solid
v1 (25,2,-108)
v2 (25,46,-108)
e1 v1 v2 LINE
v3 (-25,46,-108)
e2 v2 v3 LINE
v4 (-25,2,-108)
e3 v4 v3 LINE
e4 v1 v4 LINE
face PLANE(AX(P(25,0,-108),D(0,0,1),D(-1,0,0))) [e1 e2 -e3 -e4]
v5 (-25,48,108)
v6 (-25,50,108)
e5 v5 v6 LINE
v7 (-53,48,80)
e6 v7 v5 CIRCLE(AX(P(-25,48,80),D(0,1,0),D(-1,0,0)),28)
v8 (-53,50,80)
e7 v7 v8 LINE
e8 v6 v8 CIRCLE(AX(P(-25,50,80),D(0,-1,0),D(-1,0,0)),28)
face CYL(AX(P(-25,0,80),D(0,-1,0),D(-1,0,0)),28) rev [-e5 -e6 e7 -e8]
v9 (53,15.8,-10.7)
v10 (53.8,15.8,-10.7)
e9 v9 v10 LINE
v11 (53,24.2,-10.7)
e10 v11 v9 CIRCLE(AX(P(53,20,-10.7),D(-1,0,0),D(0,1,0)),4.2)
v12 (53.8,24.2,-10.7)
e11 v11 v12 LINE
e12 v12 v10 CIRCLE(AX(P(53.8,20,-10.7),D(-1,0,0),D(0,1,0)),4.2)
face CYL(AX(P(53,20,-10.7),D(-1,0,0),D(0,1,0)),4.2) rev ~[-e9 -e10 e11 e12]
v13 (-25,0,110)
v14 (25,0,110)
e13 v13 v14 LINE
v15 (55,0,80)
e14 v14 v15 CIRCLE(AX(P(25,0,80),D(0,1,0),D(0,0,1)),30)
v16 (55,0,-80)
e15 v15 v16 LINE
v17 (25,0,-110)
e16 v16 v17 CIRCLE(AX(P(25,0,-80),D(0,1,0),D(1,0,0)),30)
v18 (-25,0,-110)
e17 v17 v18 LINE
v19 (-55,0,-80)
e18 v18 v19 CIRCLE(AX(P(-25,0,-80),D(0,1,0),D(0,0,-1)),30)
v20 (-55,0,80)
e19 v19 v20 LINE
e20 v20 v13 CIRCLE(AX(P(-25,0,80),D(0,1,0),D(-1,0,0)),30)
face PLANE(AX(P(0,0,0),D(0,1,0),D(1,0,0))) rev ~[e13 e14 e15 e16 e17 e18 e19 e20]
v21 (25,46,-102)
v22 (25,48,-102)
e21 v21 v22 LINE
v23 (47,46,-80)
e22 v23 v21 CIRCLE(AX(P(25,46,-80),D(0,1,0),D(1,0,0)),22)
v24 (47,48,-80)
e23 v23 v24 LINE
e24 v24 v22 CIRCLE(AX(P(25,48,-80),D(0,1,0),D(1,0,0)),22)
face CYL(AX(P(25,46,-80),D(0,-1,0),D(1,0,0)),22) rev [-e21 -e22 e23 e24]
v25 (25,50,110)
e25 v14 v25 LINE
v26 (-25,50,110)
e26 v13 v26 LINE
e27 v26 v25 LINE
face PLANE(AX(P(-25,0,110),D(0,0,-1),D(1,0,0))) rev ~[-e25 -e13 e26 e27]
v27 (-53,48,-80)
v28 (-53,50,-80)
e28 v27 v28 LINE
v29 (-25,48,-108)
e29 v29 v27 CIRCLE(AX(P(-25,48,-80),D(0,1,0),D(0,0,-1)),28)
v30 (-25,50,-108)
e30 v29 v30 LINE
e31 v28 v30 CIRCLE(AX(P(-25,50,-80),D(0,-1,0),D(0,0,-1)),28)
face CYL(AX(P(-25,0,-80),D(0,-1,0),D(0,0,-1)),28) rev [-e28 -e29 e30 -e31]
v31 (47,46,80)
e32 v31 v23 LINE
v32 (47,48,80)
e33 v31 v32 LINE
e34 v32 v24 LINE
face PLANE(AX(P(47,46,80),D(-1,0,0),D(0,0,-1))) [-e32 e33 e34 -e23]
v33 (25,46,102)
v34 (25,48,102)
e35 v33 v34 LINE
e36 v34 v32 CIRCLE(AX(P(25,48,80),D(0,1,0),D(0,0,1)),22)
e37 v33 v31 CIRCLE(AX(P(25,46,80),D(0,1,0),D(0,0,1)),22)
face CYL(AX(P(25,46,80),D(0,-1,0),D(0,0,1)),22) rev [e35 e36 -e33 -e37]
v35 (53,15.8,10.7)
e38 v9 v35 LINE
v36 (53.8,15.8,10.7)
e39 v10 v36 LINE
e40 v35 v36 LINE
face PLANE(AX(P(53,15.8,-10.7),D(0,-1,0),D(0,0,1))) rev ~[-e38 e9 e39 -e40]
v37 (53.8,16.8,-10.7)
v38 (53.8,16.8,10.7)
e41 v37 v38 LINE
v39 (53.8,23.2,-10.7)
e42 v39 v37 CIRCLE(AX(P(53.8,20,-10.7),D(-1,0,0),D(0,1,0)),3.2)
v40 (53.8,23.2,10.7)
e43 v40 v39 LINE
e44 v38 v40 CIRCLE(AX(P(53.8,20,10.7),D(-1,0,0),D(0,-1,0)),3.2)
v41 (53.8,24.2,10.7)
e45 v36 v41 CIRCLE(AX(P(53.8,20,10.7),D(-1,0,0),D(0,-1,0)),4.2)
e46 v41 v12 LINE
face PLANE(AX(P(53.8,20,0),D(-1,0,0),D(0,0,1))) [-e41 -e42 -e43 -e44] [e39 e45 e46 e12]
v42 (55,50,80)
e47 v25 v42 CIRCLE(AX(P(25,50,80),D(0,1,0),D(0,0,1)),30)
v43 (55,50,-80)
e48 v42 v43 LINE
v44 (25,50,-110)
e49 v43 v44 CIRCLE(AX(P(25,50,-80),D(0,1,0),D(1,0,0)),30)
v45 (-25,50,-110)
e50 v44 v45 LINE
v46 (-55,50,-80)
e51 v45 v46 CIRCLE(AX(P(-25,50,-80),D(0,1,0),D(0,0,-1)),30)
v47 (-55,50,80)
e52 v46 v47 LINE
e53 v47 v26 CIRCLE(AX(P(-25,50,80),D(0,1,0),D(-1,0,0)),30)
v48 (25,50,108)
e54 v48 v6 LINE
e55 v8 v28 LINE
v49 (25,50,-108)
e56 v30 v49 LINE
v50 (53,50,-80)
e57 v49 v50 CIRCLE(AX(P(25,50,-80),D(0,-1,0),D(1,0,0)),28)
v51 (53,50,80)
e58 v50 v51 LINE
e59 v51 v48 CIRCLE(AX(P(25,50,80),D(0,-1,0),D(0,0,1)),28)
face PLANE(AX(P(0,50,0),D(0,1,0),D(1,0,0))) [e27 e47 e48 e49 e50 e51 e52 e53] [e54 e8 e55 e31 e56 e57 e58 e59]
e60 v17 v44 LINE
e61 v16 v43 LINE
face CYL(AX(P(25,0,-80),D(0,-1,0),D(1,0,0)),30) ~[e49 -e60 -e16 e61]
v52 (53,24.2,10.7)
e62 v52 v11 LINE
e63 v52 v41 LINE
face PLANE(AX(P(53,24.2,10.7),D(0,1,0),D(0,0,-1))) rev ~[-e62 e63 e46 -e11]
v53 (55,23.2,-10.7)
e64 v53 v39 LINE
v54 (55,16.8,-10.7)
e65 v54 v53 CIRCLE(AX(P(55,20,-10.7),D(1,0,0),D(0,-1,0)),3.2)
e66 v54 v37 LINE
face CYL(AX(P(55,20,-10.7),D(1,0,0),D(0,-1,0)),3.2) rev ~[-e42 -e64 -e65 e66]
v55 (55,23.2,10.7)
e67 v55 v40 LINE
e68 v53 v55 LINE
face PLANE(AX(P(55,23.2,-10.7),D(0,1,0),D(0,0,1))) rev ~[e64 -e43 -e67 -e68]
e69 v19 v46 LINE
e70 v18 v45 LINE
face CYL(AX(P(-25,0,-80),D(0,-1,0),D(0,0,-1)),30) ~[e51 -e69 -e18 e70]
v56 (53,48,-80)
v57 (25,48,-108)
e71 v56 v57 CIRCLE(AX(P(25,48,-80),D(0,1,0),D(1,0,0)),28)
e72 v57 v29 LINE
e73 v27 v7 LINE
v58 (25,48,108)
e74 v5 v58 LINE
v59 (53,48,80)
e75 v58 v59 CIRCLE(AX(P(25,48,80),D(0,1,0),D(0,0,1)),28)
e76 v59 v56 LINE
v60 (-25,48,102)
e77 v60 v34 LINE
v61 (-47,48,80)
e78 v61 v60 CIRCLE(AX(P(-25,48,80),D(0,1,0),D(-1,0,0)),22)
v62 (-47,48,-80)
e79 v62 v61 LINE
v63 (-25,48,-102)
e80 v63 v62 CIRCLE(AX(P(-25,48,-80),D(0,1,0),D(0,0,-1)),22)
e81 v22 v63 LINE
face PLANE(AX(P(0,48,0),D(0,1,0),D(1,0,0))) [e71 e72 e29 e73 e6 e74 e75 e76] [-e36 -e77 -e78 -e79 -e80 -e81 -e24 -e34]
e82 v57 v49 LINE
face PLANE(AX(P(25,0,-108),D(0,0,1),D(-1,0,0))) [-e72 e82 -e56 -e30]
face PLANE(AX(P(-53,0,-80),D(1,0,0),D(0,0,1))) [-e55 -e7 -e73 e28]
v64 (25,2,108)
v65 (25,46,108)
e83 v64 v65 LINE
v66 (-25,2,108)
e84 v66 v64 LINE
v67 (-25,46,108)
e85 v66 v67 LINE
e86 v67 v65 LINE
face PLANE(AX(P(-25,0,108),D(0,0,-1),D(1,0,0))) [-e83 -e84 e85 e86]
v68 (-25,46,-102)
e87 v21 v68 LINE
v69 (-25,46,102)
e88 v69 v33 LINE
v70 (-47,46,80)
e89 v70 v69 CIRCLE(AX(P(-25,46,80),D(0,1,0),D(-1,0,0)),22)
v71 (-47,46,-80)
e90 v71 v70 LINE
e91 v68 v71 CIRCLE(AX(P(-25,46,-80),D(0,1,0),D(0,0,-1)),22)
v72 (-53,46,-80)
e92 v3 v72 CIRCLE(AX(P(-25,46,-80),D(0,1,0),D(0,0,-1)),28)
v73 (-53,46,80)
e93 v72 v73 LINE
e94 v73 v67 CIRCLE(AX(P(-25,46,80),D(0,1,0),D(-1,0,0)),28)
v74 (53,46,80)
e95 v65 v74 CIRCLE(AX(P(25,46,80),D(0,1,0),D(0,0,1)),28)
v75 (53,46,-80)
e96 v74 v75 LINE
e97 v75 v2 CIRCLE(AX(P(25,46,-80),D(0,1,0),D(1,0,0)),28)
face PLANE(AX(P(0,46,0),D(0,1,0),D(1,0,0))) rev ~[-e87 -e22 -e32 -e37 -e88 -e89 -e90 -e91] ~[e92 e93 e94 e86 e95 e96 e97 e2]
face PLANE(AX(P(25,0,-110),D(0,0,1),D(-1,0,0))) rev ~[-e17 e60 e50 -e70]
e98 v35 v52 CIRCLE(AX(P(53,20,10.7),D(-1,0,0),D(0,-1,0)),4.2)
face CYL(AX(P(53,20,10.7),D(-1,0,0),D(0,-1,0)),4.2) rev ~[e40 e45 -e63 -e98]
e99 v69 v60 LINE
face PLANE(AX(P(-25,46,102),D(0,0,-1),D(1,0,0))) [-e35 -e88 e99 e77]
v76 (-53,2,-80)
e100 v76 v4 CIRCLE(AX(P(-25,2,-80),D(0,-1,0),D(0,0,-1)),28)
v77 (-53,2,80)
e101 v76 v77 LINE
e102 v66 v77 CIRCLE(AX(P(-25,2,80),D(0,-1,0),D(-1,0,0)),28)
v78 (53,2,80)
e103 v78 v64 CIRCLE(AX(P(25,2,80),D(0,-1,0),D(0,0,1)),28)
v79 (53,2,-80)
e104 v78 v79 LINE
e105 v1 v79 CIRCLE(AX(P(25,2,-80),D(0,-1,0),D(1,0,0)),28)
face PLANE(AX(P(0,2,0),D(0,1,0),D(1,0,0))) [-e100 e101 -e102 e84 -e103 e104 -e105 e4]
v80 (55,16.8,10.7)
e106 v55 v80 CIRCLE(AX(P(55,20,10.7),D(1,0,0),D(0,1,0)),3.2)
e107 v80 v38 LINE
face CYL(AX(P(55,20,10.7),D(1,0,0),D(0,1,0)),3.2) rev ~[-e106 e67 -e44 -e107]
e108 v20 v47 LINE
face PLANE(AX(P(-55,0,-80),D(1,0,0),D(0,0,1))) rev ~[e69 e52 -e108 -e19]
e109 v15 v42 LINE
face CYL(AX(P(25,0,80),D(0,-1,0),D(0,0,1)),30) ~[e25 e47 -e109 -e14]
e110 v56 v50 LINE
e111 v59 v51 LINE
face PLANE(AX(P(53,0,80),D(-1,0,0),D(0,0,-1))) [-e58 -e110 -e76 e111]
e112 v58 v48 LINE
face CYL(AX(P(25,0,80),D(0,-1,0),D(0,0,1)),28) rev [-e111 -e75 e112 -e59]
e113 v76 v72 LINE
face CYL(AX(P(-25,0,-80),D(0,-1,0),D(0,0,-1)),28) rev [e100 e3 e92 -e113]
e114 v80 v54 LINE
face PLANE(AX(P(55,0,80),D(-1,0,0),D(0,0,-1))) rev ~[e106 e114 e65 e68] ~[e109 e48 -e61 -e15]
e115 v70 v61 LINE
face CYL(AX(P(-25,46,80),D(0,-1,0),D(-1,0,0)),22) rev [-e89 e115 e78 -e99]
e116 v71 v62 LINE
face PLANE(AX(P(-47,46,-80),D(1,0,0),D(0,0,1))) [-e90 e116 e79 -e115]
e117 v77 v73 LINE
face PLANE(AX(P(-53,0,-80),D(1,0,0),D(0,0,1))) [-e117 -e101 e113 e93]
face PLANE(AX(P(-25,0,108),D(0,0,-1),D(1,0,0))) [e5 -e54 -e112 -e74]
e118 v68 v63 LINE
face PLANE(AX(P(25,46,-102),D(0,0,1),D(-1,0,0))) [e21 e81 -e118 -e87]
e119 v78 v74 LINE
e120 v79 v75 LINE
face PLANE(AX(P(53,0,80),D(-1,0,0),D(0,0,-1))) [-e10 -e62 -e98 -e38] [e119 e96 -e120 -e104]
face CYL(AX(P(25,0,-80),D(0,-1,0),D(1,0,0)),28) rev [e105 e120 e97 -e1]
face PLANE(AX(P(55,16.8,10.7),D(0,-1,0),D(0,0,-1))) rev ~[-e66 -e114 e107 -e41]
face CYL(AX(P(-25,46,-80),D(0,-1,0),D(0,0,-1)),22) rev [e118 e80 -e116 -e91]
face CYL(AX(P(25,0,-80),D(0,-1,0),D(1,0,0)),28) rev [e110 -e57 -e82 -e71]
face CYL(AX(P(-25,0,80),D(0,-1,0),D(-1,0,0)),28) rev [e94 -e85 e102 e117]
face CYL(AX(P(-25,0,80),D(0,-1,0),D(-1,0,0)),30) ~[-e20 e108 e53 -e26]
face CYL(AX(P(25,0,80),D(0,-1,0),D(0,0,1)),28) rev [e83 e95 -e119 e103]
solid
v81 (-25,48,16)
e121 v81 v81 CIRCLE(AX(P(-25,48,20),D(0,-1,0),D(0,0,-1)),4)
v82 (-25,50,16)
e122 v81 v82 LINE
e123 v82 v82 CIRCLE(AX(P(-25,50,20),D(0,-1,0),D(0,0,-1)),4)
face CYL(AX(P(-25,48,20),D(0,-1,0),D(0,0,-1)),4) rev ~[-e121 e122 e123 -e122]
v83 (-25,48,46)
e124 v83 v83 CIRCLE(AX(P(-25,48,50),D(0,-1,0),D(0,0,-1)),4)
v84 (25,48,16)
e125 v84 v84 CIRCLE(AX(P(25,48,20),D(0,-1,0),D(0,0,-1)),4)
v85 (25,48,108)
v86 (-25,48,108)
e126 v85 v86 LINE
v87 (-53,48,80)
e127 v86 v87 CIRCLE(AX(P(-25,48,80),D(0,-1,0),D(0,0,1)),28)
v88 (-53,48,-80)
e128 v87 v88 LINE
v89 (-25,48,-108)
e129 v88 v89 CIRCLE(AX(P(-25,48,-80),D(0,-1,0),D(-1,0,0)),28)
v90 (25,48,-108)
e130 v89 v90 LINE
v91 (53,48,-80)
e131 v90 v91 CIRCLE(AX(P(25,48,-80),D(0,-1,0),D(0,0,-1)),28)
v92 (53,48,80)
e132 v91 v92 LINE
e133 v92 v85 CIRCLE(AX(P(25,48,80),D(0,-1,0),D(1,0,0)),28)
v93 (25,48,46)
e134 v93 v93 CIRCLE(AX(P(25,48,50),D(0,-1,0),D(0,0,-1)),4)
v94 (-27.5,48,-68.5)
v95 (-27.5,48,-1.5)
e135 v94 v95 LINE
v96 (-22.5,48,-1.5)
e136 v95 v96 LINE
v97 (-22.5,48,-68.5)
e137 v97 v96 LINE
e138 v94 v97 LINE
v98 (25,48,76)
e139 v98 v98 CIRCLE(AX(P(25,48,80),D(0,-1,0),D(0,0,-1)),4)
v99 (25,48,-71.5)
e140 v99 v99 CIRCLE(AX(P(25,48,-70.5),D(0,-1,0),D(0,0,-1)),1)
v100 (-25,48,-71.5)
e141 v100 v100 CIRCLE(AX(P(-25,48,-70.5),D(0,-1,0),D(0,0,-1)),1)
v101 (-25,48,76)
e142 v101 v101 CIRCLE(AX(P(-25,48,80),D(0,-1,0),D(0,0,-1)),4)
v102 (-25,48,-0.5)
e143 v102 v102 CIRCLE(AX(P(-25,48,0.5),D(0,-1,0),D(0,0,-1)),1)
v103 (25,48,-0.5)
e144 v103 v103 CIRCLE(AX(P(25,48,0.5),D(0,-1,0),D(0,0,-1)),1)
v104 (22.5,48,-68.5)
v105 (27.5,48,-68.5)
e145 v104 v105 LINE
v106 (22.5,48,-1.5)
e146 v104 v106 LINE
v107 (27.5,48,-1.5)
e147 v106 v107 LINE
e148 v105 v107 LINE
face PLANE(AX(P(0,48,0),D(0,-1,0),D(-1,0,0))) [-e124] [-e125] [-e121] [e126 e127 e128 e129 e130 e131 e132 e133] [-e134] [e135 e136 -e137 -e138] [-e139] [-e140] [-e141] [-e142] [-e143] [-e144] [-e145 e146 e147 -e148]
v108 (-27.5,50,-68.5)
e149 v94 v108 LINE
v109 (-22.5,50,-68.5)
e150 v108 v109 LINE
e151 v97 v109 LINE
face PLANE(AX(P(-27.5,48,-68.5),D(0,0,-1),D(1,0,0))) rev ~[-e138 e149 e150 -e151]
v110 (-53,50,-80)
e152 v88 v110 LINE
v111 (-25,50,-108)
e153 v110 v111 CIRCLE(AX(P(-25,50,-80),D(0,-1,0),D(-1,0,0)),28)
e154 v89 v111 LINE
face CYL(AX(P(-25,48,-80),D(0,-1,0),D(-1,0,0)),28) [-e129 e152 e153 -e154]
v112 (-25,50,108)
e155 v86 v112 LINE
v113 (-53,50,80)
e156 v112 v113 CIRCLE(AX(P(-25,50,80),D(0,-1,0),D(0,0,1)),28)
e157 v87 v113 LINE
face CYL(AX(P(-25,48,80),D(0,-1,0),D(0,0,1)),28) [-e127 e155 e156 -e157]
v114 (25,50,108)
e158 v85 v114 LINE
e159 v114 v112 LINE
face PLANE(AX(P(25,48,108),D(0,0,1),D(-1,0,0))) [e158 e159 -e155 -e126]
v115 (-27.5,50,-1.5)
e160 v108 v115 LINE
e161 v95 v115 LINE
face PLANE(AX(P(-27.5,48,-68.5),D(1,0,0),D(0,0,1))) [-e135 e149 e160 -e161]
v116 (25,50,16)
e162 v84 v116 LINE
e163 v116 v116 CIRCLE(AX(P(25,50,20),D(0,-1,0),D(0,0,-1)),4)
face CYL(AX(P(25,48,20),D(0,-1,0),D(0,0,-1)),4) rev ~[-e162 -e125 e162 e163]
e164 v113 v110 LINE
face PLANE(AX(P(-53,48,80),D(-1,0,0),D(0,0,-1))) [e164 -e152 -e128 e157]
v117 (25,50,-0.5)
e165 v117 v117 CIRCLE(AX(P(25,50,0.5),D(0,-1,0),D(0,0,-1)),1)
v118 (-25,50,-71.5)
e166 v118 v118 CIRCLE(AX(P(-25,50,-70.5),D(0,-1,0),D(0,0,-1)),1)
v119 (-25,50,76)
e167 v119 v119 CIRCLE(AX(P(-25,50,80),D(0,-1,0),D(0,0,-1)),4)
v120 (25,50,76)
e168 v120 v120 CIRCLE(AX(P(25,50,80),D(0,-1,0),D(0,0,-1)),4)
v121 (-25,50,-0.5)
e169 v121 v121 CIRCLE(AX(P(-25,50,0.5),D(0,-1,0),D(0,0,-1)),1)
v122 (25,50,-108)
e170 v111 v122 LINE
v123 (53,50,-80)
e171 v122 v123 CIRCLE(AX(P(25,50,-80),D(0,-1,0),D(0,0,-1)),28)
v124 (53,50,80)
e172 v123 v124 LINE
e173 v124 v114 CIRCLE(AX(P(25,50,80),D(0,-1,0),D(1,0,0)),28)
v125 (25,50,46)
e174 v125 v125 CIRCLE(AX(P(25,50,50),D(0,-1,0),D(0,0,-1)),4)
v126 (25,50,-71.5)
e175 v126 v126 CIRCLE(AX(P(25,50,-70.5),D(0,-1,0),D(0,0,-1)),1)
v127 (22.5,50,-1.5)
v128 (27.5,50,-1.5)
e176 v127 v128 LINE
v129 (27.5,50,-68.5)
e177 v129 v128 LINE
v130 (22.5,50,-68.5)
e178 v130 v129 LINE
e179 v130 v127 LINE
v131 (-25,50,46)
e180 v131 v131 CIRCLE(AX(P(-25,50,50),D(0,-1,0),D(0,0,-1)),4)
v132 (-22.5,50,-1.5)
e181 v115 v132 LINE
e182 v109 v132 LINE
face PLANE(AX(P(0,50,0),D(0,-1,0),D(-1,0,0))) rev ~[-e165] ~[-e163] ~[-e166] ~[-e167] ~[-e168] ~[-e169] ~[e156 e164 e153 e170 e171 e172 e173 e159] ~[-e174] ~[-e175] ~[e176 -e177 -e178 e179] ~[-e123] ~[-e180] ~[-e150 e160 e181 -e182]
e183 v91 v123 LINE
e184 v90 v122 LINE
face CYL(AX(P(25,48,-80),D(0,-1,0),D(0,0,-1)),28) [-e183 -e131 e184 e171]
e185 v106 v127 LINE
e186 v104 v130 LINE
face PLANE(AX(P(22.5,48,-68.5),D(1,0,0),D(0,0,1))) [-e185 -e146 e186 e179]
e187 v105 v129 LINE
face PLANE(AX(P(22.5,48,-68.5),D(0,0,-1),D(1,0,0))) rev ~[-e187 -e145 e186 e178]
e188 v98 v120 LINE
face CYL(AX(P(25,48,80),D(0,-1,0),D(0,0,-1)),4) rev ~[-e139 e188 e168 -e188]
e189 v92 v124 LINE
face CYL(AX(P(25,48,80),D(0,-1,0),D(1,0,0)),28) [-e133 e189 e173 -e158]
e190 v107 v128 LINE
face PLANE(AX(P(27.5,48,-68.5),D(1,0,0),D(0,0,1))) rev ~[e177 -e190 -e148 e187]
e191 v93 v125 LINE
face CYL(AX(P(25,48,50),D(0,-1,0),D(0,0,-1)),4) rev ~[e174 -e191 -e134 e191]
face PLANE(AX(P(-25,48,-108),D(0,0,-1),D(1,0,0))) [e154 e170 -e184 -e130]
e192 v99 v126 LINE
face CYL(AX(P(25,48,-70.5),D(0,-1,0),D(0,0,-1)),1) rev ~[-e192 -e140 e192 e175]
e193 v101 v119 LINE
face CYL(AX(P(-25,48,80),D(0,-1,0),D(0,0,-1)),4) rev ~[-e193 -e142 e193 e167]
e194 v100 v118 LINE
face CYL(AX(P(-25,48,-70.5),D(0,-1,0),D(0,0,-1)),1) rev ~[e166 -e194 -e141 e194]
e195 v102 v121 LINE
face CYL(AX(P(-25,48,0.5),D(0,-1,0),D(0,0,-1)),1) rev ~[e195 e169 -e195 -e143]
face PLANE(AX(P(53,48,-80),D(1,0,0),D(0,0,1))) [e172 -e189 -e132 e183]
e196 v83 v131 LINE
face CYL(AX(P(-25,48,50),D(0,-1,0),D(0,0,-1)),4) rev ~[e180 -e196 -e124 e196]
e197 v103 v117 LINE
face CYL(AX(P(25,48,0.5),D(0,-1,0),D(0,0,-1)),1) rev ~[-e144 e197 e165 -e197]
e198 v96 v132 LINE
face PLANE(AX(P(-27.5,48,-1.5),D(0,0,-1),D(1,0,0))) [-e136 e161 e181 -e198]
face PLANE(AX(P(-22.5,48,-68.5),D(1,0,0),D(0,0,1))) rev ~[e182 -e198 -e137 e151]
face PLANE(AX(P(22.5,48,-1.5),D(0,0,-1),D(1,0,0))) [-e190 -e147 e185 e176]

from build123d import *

# Parameters (mm, degrees)
BOSS_EXTRUDE1_DEPTH = 50
SHELL1_T            = -2
BOSS_EXTRUDE2_START = 44
BOSS_EXTRUDE2_DEPTH = 2
BOSS_EXTRUDE3_START = 48
BOSS_EXTRUDE3_DEPTH = 2
SKETCH3_R           = 4
SKETCH3_R_2         = 1
SKETCH3_W           = 5
SKETCH3_H           = 67
CUT_EXTRUDE1_DEPTH  = 2
CUT_EXTRUDE2_DEPTH  = 2
CUT_EXTRUDE3_START  = -2
CUT_EXTRUDE3_DEPTH  = 0.8


with BuildPart() as part:
    # Sketch1 → Boss-Extrude1 (new body)
    with BuildSketch(Plane(origin=(0, 0, 0), x_dir=(1, 0, 0), z_dir=(0, 1, 0))):
        with BuildLine():
            Line((-25, -110), (25, -110))
            ThreePointArc((25, -110), (46.213203436, -101.213203436), (55, -80))
            Line((55, -80), (55, 80))
            ThreePointArc((55, 80), (46.213203436, 101.213203436), (25, 110))
            Line((25, 110), (-25, 110))
            ThreePointArc((-25, 110), (-46.213203436, 101.213203436), (-55, 80))
            Line((-55, 80), (-55, -80))
            ThreePointArc((-55, -80), (-46.213203436, -101.213203436), (-25, -110))
        make_face()
    extrude(amount=BOSS_EXTRUDE1_DEPTH)

    # Shell1
    shell1_openings = [part.faces().sort_by_distance(p)[0] for p in [
        (0, 50, 0),
    ]]
    offset(amount=SHELL1_T, openings=shell1_openings, kind=Kind.INTERSECTION)

    # Sketch2 → Boss-Extrude2 (add)
    with BuildSketch(Plane(origin=(0, 2, 0), x_dir=(1, 0, 0), z_dir=(0, 1, 0)).offset(BOSS_EXTRUDE2_START)):
        with BuildLine():
            Line((-53, 80), (-53, -80))
            ThreePointArc((-53, -80), (-44.798989873, -99.798989873), (-25, -108))
            Line((-25, -108), (25, -108))
            ThreePointArc((25, -108), (44.798989873, -99.798989873), (53, -80))
            Line((53, -80), (53, 80))
            ThreePointArc((53, 80), (44.798989873, 99.798989873), (25, 108))
            Line((25, 108), (-25, 108))
            ThreePointArc((-25, 108), (-44.798989873, 99.798989873), (-53, 80))
        make_face()
        with BuildLine():
            ThreePointArc((-25, 102), (-40.556349186, 95.556349186), (-47, 80))
            Line((-47, 80), (-47, -80))
            ThreePointArc((-47, -80), (-40.556349186, -95.556349186), (-25, -102))
            Line((-25, -102), (25, -102))
            ThreePointArc((25, -102), (40.556349186, -95.556349186), (47, -80))
            Line((47, -80), (47, 80))
            ThreePointArc((47, 80), (40.556349186, 95.556349186), (25, 102))
            Line((25, 102), (-25, 102))
        make_face(mode=Mode.SUBTRACT)
    extrude(amount=BOSS_EXTRUDE2_DEPTH)

    # Sketch4 → Cut-Extrude2 (cut)
    with BuildSketch(Plane(origin=(55, 0, 0), x_dir=(0, 0, -1), z_dir=(1, 0, 0))):
        with BuildLine():
            Line((-10.7, 16.8), (10.7, 16.8))
            ThreePointArc((10.7, 16.8), (13.9, 20), (10.7, 23.2))
            Line((10.7, 23.2), (-10.7, 23.2))
            ThreePointArc((-10.7, 23.2), (-13.9, 20), (-10.7, 16.8))
        make_face()
    extrude(amount=-CUT_EXTRUDE2_DEPTH, mode=Mode.SUBTRACT)

    # Sketch4<4> → Cut-Extrude3 (cut)
    with BuildSketch(Plane(origin=(55, 0, 0), x_dir=(0, 0, -1), z_dir=(1, 0, 0)).offset(CUT_EXTRUDE3_START)):
        with BuildLine():
            Line((-10.7, 24.2), (10.7, 24.2))
            ThreePointArc((10.7, 24.2), (14.9, 20), (10.7, 15.8))
            Line((10.7, 15.8), (-10.7, 15.8))
            ThreePointArc((-10.7, 15.8), (-14.9, 20), (-10.7, 24.2))
        make_face()
        with BuildLine():
            Line((-10.7, 23.2), (10.7, 23.2))
            ThreePointArc((10.7, 23.2), (13.9, 20), (10.7, 16.8))
            Line((10.7, 16.8), (-10.7, 16.8))
            ThreePointArc((-10.7, 16.8), (-13.9, 20), (-10.7, 23.2))
        make_face(mode=Mode.SUBTRACT)
    extrude(amount=CUT_EXTRUDE3_DEPTH, mode=Mode.SUBTRACT)


with BuildPart() as body_2:
    # Sketch1<3> → Boss-Extrude3 (new body)
    with BuildSketch(Plane(origin=(0, 0, 0), x_dir=(1, 0, 0), z_dir=(0, 1, 0)).offset(BOSS_EXTRUDE3_START)):
        with BuildLine():
            Line((-53, -80), (-53, 80))
            ThreePointArc((-53, 80), (-44.798989873, 99.798989873), (-25, 108))
            Line((-25, 108), (25, 108))
            ThreePointArc((25, 108), (44.798989873, 99.798989873), (53, 80))
            Line((53, 80), (53, -80))
            ThreePointArc((53, -80), (44.798989873, -99.798989873), (25, -108))
            Line((25, -108), (-25, -108))
            ThreePointArc((-25, -108), (-44.798989873, -99.798989873), (-53, -80))
        make_face()
    extrude(amount=BOSS_EXTRUDE3_DEPTH)

    # Sketch3 → Cut-Extrude1 (cut)
    with BuildSketch(Plane.XZ.offset(-48)):
        with Locations(Location((-25, 80, 0), (0, 0, 270))):
            Circle(SKETCH3_R)
        with Locations(Location((25, 80, 0), (0, 0, 270))):
            Circle(SKETCH3_R)
        with Locations(Location((-25, 50, 0), (0, 0, 270))):
            Circle(SKETCH3_R)
        with Locations(Location((25, 50, 0), (0, 0, 270))):
            Circle(SKETCH3_R)
        with Locations(Location((-25, 20, 0), (0, 0, 270))):
            Circle(SKETCH3_R)
        with Locations(Location((25, 20, 0), (0, 0, 270))):
            Circle(SKETCH3_R)
        with Locations(Location((-25, 0.5, 0), (0, 0, 270))):
            Circle(SKETCH3_R_2)
        with Locations(Location((25, 0.5, 0), (0, 0, 270))):
            Circle(SKETCH3_R_2)
        with Locations(Location((25, -70.5, 0), (0, 0, 270))):
            Circle(SKETCH3_R_2)
        with Locations(Location((-25, -70.5, 0), (0, 0, 270))):
            Circle(SKETCH3_R_2)
        with Locations((-25, -35)):
            Rectangle(SKETCH3_W, SKETCH3_H)
        with Locations((25, -35)):
            Rectangle(SKETCH3_W, SKETCH3_H)
    extrude(amount=-CUT_EXTRUDE1_DEPTH, mode=Mode.SUBTRACT)


solid = Compound([part.part, body_2.part])
